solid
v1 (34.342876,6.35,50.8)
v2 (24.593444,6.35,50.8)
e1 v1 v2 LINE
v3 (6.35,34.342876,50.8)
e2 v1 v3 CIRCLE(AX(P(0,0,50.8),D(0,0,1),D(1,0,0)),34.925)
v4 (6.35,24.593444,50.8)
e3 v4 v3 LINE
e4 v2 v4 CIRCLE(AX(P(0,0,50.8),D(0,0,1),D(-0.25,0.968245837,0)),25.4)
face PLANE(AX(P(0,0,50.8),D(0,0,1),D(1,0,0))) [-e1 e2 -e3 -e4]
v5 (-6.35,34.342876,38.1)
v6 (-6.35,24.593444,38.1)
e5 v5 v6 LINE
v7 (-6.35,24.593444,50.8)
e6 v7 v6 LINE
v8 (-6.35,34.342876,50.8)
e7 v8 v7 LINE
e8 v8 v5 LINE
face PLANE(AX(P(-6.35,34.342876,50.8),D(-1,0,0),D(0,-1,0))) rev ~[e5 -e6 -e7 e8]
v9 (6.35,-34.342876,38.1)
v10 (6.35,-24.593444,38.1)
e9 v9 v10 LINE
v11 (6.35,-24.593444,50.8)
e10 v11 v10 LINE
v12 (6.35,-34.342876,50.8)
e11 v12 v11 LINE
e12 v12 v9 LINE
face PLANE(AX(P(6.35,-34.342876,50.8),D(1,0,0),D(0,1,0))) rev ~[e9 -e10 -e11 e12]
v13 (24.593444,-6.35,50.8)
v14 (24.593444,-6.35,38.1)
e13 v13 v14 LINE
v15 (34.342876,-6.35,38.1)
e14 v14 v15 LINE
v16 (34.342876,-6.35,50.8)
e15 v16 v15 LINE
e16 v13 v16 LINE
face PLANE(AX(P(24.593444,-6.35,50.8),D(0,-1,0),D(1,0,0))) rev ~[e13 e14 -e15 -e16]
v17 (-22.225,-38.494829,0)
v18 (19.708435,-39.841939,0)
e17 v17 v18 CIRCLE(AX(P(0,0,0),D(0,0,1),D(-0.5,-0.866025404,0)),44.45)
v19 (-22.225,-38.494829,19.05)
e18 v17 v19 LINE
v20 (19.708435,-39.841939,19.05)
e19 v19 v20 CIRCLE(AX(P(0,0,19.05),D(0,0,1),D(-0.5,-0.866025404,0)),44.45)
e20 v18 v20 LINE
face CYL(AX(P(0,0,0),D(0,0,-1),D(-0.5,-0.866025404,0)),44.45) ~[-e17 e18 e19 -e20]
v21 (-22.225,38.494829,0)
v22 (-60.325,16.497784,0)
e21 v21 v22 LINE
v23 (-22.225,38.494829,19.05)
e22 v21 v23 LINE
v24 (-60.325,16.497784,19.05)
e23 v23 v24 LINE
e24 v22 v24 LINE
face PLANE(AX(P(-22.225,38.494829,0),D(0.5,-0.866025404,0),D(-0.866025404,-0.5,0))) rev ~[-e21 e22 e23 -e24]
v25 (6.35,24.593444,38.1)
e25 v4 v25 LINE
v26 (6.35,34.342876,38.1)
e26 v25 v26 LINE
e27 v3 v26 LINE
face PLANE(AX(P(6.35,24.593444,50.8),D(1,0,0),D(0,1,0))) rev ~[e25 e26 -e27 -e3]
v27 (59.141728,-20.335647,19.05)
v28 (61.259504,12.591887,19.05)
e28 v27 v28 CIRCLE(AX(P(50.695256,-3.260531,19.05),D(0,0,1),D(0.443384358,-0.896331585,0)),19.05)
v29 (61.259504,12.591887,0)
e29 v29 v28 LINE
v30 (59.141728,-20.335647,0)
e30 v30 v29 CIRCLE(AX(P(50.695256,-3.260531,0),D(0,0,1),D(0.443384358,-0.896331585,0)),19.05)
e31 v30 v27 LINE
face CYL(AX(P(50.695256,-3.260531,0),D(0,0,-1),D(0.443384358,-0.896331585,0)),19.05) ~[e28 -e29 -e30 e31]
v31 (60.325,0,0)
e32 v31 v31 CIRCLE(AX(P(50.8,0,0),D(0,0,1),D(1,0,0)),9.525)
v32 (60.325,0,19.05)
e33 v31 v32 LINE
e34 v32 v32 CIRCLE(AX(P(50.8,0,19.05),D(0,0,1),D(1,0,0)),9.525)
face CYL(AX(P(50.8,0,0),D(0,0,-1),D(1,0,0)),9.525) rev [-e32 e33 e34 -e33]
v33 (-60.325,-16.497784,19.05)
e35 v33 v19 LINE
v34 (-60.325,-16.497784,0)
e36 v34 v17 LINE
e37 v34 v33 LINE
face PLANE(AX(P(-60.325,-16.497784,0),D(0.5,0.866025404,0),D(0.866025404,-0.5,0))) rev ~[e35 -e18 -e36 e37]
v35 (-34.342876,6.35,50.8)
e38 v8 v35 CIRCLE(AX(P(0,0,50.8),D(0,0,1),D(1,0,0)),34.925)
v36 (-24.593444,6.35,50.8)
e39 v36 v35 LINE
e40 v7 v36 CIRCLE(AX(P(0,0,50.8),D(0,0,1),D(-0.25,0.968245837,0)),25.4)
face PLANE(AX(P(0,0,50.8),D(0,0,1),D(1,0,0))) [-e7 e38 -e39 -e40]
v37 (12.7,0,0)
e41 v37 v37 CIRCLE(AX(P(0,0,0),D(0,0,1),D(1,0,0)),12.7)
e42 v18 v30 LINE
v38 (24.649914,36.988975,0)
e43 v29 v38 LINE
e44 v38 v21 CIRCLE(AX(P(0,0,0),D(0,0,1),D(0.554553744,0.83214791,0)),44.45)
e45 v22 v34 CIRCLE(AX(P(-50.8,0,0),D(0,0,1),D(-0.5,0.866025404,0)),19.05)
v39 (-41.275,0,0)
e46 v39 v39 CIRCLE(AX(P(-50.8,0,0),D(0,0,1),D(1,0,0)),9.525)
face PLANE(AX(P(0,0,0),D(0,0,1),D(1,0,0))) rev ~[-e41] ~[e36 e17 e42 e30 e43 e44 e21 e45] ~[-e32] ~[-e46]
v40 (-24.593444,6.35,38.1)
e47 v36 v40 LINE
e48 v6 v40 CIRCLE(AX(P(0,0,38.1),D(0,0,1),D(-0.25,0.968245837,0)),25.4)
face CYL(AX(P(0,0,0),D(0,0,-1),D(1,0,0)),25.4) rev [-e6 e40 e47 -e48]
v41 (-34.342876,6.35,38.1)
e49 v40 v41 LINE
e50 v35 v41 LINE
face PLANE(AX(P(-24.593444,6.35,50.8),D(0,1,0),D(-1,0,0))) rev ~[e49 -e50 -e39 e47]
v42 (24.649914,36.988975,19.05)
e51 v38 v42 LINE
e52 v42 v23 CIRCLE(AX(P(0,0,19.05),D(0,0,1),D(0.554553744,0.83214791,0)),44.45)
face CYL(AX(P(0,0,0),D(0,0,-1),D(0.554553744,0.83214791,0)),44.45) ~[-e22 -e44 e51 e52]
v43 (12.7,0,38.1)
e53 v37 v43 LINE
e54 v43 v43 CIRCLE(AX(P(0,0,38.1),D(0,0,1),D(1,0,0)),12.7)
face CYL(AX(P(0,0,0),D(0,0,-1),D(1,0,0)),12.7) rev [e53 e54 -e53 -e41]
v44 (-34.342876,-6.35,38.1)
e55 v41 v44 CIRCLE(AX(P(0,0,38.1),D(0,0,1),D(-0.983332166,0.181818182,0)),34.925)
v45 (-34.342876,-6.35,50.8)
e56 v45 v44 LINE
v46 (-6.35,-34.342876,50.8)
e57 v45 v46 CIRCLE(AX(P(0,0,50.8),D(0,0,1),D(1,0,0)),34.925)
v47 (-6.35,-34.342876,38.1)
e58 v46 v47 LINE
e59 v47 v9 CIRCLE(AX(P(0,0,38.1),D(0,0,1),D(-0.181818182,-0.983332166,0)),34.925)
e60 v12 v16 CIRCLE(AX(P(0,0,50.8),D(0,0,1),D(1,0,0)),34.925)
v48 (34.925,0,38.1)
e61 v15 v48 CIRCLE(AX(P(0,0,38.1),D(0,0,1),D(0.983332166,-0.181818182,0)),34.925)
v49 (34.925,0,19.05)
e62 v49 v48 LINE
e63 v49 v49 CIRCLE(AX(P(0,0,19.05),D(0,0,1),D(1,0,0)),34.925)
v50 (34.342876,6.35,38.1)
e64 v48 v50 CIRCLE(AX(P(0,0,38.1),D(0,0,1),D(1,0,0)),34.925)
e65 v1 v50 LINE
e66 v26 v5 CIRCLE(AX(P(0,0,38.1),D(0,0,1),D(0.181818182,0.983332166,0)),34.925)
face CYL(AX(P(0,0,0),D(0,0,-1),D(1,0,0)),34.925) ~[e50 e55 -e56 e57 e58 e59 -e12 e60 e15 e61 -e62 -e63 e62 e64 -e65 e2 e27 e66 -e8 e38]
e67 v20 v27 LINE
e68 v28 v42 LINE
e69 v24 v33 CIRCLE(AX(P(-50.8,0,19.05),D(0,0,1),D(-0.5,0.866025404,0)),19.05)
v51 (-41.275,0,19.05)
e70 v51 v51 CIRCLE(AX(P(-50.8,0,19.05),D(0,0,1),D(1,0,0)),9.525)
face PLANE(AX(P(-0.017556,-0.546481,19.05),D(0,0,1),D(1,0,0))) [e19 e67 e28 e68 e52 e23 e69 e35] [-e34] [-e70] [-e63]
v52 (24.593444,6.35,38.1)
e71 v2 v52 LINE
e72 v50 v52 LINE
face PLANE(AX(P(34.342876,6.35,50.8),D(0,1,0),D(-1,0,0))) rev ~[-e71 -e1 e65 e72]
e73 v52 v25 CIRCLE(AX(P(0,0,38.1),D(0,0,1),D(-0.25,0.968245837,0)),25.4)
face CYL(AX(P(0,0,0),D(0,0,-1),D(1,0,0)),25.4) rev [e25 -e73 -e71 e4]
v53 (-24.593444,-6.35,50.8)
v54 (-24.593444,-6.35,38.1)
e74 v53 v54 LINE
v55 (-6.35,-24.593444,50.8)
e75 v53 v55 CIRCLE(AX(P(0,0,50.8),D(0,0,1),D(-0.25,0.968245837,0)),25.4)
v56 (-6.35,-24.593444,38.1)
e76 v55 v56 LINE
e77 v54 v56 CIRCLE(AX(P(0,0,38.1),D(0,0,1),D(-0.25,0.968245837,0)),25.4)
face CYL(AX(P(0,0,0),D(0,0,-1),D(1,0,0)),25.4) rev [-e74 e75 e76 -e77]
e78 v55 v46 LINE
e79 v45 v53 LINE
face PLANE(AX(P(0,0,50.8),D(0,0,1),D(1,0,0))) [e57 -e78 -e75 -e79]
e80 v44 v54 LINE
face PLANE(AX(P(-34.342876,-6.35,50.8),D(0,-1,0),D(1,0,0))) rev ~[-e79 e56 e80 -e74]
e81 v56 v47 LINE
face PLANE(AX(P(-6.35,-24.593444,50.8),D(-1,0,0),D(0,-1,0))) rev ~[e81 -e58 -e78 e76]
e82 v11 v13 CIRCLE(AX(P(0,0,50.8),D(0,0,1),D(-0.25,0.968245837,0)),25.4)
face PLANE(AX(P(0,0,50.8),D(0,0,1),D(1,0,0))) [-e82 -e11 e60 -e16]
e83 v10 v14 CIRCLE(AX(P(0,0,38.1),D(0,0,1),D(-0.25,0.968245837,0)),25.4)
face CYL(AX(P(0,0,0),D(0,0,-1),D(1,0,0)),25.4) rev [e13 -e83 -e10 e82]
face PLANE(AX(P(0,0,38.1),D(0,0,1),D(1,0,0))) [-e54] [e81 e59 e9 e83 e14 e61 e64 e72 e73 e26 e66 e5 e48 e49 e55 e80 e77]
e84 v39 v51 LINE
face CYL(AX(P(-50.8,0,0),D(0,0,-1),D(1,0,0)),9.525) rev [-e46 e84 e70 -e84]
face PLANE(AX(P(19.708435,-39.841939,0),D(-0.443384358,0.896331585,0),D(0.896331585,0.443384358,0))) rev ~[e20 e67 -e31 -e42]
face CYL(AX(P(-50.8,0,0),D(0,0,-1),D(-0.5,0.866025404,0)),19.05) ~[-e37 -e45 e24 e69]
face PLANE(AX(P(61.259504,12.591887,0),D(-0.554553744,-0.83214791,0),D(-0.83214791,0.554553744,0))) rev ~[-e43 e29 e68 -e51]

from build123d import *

# Parameters (mm, degrees)
F0_R     = 9.525
F0_R_2   = 34.925
F1_DEPTH = 19.05
F0_R_3   = 25.4
F2_DEPTH = 50.8
F0_R_4   = 12.7
F3_DEPTH = 38.1
F5_DEPTH = 12.7
F7_DEPTH = 12.7


with BuildPart() as f1:
    # F0 (on Top) → F1 (new body)
    with BuildSketch(Plane.XY):
        with BuildLine():
            Line((-60.325, -16.4977839421), (-22.225, -38.4948291982))
            ThreePointArc((-22.225, -38.4948291982), (-1.4272180614, -44.4270812524), (19.7084347148, -39.8419389725))
            Line((19.7084347148, -39.8419389725), (59.1417276134, -20.3356473933))
            ThreePointArc((59.1417276134, -20.3356473933), (69.70597644, -4.4832296998), (61.2595044194, 12.5918870027))
            Line((61.2595044194, 12.5918870027), (24.6499139288, 36.9889746181))
            ThreePointArc((24.6499139288, 36.9889746181), (1.4272180614, 44.4270812524), (-22.225, 38.4948291982))
            Line((-22.225, 38.4948291982), (-60.325, 16.4977839421))
            ThreePointArc((-60.325, 16.4977839421), (-69.85, 0), (-60.325, -16.4977839421))
        make_face()
        with Locations((-50.8, 0)):
            Circle(F0_R, mode=Mode.SUBTRACT)
        Circle(F0_R_2, mode=Mode.SUBTRACT)
        with Locations((50.8, 0)):
            Circle(F0_R, mode=Mode.SUBTRACT)
    extrude(amount=F1_DEPTH)

    # F0 (on Top) → F2 (join)
    with BuildSketch(Plane.XY):
        Circle(F0_R_2)
        Circle(F0_R_3, mode=Mode.SUBTRACT)
    extrude(amount=F2_DEPTH)

    # F0 (on Top) → F3 (join)
    with BuildSketch(Plane.XY):
        Circle(F0_R_3)
        Circle(F0_R_4, mode=Mode.SUBTRACT)
    extrude(amount=F3_DEPTH)

    # F4 (on face) → F5 (cut)
    with BuildSketch(Plane.XY.offset(50.8)):
        with BuildLine():
            ThreePointArc((6.35, 34.3428758988), (0, 34.925), (-6.35, 34.3428758988))
            Line((-6.35, 34.3428758988), (-6.35, 24.5934442484))
            ThreePointArc((-6.35, 24.5934442484), (0, 25.4), (6.35, 24.5934442484))
            Line((6.35, 24.5934442484), (6.35, 34.3428758988))
        make_face()
    extrude(amount=-F5_DEPTH, mode=Mode.SUBTRACT)

    # F6 (on face) → F7 (cut)
    with BuildSketch(Plane.XY.offset(50.8)):
        with BuildLine():
            Line((-24.5934442484, 6.35), (-34.3428758988, 6.35))
            ThreePointArc((-34.3428758988, 6.35), (-34.925, 0), (-34.3428758988, -6.35))
            Line((-34.3428758988, -6.35), (-24.5934442484, -6.35))
            ThreePointArc((-24.5934442484, -6.35), (-25.4, 0), (-24.5934442484, 6.35))
        make_face()
        with BuildLine():
            Line((-6.35, -24.5934442484), (-6.35, -34.3428758988))
            ThreePointArc((-6.35, -34.3428758988), (0, -34.925), (6.35, -34.3428758988))
            Line((6.35, -34.3428758988), (6.35, -24.5934442484))
            ThreePointArc((6.35, -24.5934442484), (0, -25.4), (-6.35, -24.5934442484))
        make_face()
        with BuildLine():
            Line((24.5934442484, -6.35), (34.3428758988, -6.35))
            ThreePointArc((34.3428758988, -6.35), (34.7791644937, -3.1883133656), (34.925, 0))
            ThreePointArc((34.925, 0), (34.7791644937, 3.1883133656), (34.3428758988, 6.35))
            Line((34.3428758988, 6.35), (24.5934442484, 6.35))
            ThreePointArc((24.5934442484, 6.35), (25.4, 0), (24.5934442484, -6.35))
        make_face()
    extrude(amount=-F7_DEPTH, mode=Mode.SUBTRACT)


solid = f1.part
